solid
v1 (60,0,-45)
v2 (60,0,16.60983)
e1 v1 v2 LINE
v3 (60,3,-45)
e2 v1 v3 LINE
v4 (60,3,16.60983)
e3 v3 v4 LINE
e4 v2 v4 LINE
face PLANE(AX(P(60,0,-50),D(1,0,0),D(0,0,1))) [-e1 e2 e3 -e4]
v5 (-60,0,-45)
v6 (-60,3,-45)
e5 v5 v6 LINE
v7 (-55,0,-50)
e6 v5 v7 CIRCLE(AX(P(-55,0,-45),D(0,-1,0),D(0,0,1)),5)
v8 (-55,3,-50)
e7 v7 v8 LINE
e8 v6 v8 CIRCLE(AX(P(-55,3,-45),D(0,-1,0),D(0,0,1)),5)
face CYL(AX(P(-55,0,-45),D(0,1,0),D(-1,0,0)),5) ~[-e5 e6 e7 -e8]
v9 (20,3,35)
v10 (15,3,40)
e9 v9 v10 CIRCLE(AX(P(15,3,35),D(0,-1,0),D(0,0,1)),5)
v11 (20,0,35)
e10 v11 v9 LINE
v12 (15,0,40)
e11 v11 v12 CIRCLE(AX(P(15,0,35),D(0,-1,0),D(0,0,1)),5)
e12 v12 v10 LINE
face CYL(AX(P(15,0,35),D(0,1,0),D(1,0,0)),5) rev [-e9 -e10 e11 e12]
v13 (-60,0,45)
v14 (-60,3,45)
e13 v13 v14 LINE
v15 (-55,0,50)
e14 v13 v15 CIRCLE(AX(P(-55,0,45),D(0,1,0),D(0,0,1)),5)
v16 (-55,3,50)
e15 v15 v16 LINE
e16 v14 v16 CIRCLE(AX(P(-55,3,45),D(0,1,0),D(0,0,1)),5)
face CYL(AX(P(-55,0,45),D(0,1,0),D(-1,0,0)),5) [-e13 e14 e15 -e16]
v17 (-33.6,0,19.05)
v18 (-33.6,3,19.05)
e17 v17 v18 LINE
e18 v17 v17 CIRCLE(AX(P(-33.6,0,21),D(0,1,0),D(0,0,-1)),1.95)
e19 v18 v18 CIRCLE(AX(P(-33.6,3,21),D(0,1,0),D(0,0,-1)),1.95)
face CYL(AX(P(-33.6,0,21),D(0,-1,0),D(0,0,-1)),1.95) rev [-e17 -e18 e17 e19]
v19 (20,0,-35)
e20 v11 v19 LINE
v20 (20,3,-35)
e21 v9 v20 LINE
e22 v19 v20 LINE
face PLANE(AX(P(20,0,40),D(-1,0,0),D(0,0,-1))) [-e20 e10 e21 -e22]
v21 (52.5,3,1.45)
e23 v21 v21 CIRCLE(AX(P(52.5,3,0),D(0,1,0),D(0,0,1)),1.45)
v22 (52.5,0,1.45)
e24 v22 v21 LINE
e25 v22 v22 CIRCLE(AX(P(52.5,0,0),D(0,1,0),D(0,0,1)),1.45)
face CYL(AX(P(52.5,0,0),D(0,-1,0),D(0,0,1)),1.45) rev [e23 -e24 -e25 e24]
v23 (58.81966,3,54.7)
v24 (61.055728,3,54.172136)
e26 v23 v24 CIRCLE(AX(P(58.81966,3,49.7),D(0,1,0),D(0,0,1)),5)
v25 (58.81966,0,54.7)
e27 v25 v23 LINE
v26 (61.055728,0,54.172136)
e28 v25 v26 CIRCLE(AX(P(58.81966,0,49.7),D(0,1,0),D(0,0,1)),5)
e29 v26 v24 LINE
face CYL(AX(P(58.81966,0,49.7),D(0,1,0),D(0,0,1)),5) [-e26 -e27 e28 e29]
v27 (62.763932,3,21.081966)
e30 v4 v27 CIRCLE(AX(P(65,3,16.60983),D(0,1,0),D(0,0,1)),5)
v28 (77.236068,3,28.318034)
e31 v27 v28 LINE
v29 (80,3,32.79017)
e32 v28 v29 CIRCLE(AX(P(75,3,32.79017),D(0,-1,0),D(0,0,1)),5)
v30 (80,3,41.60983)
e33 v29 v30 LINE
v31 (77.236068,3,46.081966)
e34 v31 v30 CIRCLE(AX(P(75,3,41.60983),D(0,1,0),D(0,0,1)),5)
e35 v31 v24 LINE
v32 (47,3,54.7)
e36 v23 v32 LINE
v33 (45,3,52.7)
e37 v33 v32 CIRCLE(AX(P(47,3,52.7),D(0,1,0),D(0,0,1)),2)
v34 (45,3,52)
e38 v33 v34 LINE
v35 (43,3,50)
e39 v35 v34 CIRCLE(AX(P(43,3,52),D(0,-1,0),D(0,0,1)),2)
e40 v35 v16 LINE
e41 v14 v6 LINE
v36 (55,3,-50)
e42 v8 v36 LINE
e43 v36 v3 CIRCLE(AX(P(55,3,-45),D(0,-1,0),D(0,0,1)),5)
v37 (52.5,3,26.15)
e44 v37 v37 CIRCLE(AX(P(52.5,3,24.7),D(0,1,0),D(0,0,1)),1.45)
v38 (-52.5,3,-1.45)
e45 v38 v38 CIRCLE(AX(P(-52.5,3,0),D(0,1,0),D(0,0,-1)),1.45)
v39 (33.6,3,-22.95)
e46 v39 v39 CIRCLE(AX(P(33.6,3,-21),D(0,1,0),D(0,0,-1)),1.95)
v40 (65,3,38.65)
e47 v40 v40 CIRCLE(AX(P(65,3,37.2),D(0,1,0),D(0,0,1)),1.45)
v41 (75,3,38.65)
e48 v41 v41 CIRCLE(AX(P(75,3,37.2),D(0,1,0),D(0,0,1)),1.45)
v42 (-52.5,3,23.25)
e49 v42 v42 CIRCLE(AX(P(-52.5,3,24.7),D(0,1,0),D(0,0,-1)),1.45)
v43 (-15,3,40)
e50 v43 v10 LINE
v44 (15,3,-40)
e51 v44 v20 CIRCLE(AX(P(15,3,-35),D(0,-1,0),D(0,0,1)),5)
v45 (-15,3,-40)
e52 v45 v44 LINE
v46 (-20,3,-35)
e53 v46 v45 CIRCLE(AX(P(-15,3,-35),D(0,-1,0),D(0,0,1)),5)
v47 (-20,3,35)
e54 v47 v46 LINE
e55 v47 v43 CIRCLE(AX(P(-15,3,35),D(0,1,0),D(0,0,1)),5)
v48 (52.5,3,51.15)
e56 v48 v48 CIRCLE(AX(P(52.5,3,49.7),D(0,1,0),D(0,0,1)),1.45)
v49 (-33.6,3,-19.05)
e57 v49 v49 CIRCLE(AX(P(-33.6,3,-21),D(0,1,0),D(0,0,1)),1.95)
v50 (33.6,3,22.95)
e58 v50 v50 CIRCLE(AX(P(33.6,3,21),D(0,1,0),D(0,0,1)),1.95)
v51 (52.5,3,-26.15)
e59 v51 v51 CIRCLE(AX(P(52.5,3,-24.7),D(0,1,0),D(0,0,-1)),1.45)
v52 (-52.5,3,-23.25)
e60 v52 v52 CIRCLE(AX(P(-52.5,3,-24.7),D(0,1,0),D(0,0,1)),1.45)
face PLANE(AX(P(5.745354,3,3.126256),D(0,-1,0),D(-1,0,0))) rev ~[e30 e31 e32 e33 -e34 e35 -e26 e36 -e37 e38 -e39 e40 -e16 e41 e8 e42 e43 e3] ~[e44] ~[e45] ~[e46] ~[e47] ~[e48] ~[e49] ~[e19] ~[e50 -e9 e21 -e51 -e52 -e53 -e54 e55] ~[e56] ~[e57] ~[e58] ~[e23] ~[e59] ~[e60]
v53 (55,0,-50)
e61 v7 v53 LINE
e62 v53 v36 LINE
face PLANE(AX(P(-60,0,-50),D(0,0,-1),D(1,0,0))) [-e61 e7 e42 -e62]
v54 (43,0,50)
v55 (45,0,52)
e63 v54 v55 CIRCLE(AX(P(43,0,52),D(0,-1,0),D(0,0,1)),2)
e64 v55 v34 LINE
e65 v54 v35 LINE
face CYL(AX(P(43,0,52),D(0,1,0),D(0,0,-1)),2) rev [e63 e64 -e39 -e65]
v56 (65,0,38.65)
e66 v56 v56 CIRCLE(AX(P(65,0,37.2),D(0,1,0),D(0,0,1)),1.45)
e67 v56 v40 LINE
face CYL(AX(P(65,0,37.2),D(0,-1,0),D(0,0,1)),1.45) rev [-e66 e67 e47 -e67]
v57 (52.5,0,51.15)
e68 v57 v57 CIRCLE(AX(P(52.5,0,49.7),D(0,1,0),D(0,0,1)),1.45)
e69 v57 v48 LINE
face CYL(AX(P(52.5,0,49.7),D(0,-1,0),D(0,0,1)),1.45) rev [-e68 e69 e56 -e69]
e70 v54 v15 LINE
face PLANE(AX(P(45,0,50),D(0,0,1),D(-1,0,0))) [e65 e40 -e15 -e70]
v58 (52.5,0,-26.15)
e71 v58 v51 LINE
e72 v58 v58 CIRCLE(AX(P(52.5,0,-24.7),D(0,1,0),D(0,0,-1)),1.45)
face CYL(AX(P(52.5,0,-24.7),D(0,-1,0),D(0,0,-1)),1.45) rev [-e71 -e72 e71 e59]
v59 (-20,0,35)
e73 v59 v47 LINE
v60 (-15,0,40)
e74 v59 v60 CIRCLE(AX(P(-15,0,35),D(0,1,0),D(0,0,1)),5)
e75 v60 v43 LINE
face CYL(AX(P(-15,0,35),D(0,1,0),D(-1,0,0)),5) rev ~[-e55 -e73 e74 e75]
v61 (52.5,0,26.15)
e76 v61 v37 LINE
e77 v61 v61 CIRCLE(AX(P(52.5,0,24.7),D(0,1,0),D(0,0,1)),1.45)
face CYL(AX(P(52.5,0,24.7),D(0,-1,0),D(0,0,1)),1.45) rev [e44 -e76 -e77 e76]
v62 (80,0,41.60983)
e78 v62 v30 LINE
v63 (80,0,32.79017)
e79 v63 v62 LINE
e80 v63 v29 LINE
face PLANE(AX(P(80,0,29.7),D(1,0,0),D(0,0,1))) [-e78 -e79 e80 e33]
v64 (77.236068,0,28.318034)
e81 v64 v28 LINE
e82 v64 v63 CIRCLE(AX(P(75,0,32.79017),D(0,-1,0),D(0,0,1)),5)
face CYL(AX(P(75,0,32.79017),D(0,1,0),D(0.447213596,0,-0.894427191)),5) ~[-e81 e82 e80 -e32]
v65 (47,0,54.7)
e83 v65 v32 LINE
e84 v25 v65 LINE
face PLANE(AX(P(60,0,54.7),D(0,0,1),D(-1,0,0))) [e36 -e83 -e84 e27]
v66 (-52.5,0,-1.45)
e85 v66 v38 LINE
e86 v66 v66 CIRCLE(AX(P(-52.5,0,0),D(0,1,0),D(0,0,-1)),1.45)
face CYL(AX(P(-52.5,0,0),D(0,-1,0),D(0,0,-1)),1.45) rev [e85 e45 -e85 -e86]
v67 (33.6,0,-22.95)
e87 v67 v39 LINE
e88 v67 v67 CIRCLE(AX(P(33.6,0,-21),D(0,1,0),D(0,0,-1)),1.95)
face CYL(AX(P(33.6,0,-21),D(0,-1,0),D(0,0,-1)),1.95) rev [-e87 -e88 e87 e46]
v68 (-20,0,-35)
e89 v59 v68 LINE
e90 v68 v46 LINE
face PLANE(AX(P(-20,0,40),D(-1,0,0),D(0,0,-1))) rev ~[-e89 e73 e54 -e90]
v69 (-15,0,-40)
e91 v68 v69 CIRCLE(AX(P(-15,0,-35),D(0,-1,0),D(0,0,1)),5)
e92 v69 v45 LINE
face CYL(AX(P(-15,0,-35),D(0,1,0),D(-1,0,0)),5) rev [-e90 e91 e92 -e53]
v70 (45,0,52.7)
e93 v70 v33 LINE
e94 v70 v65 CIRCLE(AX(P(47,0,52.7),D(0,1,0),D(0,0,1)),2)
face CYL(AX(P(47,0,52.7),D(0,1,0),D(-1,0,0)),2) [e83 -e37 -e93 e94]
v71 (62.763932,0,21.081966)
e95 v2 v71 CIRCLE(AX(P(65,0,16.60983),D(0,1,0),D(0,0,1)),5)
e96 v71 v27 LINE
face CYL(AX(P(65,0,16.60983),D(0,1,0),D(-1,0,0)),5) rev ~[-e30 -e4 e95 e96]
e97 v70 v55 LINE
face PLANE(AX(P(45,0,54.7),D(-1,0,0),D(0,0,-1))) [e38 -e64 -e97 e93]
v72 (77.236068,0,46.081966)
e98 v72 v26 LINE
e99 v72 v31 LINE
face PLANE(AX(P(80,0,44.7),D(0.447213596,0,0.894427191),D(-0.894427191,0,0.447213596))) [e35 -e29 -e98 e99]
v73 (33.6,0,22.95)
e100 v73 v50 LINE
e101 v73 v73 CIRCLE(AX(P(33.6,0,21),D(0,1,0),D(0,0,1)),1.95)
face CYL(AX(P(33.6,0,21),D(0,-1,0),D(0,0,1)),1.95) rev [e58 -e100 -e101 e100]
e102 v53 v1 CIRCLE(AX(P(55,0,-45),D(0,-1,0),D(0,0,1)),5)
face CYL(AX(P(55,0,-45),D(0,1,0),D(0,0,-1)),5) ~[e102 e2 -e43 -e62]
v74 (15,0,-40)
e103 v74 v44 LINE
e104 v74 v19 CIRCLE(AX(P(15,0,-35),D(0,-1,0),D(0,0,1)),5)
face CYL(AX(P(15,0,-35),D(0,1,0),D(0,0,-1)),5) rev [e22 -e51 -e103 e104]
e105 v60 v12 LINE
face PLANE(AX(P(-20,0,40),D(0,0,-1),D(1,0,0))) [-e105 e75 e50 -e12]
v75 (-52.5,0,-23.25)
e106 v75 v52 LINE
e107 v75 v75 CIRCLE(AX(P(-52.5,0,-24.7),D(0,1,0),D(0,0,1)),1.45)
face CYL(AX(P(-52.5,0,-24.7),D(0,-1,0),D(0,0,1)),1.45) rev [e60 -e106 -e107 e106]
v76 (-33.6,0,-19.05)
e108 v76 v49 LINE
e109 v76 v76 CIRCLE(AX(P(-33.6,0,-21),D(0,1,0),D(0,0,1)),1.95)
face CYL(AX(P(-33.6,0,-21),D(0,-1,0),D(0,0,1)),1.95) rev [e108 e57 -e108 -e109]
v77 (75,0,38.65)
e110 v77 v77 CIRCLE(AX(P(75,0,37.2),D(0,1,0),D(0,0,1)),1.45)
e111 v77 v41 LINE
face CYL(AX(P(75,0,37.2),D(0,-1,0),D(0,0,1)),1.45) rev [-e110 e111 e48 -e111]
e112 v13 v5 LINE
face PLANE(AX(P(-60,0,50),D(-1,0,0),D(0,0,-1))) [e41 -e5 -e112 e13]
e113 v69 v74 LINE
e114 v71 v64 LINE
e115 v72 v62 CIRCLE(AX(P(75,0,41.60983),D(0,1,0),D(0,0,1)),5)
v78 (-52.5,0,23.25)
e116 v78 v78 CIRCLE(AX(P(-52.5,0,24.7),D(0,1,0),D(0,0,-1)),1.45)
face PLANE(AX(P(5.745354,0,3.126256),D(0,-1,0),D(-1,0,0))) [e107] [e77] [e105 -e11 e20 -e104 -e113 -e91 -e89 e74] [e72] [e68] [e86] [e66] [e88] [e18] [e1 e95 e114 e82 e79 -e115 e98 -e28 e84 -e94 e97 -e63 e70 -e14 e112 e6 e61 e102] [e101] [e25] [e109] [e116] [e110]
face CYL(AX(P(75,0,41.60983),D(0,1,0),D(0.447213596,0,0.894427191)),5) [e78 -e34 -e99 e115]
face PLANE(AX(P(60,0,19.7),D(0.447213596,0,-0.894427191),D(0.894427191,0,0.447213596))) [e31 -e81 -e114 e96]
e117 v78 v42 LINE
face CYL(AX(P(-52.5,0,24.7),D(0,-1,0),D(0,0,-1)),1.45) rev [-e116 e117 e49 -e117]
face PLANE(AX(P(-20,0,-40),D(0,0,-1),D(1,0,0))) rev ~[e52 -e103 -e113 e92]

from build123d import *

# Parameters (mm, degrees)
SKETCH_1_R      = 1.95
SKETCH_1_R_2    = 1.45
SKETCH_1_W      = 40
SKETCH_1_H      = 80
EXTRUDE_1_DEPTH = 3
FILLET_1_R      = 5
FILLET_3_R      = 2


with BuildPart() as part:
    # 草图1 → 凸台-拉伸1 (new body)
    with BuildSketch(Plane(origin=(0, 0, 0), x_dir=(1, 0, 0), z_dir=(0, 1, 0))):
        Polygon((-60, -50), (-60, 50), (60, 50), (60, -19.7), (80, -29.7), (80, -44.7), (60, -54.7), (45, -54.7), (45, -50), align=None)
        with Locations(Location((-33.6, 21, 0), (0, 0, 270))):
            Circle(SKETCH_1_R, mode=Mode.SUBTRACT)
        with Locations(Location((-33.6, -21, 0), (0, 0, 90))):
            Circle(SKETCH_1_R, mode=Mode.SUBTRACT)
        with Locations(Location((33.6, -21, 0), (0, 0, 270))):
            Circle(SKETCH_1_R, mode=Mode.SUBTRACT)
        with Locations(Location((33.6, 21, 0), (0, 0, 90))):
            Circle(SKETCH_1_R, mode=Mode.SUBTRACT)
        with Locations(Location((65, -37.2, 0), (0, 0, 270))):
            Circle(SKETCH_1_R_2, mode=Mode.SUBTRACT)
        with Locations(Location((75, -37.2, 0), (0, 0, 270))):
            Circle(SKETCH_1_R_2, mode=Mode.SUBTRACT)
        with Locations(Location((52.5, -24.7, 0), (0, 0, 270))):
            Circle(SKETCH_1_R_2, mode=Mode.SUBTRACT)
        with Locations(Location((52.5, -49.7, 0), (0, 0, 270))):
            Circle(SKETCH_1_R_2, mode=Mode.SUBTRACT)
        with Locations(Location((52.5, 0, 0), (0, 0, 270))):
            Circle(SKETCH_1_R_2, mode=Mode.SUBTRACT)
        with Locations(Location((-52.5, 0, 0), (0, 0, 90))):
            Circle(SKETCH_1_R_2, mode=Mode.SUBTRACT)
        with Locations(Location((-52.5, -24.7, 0), (0, 0, 90))):
            Circle(SKETCH_1_R_2, mode=Mode.SUBTRACT)
        with Locations(Location((-52.5, 24.7, 0), (0, 0, 270))):
            Circle(SKETCH_1_R_2, mode=Mode.SUBTRACT)
        with Locations(Location((52.5, 24.7, 0), (0, 0, 90))):
            Circle(SKETCH_1_R_2, mode=Mode.SUBTRACT)
        Rectangle(SKETCH_1_W, SKETCH_1_H, mode=Mode.SUBTRACT)
    extrude(amount=EXTRUDE_1_DEPTH)

    # 圆角1
    fillet_1_edges = [part.edges().sort_by_distance(p)[0] for p in [
        (60, 1.5, 19.7),
        (80, 1.5, 29.7),
        (80, 1.5, 44.7),
        (60, 1.5, 54.7),
        (-60, 1.5, 50),
        (-60, 1.5, -50),
        (60, 1.5, -50),
        (20, 1.5, 40),
        (20, 1.5, -40),
        (-20, 1.5, -40),
        (-20, 1.5, 40),
    ]]
    fillet(fillet_1_edges, radius=FILLET_1_R)

    # 圆角3
    fillet_3_edges = [part.edges().sort_by_distance(p)[0] for p in [
        (45, 1.5, 54.7),
        (45, 1.5, 50),
    ]]
    fillet(fillet_3_edges, radius=FILLET_3_R)


solid = part.part
